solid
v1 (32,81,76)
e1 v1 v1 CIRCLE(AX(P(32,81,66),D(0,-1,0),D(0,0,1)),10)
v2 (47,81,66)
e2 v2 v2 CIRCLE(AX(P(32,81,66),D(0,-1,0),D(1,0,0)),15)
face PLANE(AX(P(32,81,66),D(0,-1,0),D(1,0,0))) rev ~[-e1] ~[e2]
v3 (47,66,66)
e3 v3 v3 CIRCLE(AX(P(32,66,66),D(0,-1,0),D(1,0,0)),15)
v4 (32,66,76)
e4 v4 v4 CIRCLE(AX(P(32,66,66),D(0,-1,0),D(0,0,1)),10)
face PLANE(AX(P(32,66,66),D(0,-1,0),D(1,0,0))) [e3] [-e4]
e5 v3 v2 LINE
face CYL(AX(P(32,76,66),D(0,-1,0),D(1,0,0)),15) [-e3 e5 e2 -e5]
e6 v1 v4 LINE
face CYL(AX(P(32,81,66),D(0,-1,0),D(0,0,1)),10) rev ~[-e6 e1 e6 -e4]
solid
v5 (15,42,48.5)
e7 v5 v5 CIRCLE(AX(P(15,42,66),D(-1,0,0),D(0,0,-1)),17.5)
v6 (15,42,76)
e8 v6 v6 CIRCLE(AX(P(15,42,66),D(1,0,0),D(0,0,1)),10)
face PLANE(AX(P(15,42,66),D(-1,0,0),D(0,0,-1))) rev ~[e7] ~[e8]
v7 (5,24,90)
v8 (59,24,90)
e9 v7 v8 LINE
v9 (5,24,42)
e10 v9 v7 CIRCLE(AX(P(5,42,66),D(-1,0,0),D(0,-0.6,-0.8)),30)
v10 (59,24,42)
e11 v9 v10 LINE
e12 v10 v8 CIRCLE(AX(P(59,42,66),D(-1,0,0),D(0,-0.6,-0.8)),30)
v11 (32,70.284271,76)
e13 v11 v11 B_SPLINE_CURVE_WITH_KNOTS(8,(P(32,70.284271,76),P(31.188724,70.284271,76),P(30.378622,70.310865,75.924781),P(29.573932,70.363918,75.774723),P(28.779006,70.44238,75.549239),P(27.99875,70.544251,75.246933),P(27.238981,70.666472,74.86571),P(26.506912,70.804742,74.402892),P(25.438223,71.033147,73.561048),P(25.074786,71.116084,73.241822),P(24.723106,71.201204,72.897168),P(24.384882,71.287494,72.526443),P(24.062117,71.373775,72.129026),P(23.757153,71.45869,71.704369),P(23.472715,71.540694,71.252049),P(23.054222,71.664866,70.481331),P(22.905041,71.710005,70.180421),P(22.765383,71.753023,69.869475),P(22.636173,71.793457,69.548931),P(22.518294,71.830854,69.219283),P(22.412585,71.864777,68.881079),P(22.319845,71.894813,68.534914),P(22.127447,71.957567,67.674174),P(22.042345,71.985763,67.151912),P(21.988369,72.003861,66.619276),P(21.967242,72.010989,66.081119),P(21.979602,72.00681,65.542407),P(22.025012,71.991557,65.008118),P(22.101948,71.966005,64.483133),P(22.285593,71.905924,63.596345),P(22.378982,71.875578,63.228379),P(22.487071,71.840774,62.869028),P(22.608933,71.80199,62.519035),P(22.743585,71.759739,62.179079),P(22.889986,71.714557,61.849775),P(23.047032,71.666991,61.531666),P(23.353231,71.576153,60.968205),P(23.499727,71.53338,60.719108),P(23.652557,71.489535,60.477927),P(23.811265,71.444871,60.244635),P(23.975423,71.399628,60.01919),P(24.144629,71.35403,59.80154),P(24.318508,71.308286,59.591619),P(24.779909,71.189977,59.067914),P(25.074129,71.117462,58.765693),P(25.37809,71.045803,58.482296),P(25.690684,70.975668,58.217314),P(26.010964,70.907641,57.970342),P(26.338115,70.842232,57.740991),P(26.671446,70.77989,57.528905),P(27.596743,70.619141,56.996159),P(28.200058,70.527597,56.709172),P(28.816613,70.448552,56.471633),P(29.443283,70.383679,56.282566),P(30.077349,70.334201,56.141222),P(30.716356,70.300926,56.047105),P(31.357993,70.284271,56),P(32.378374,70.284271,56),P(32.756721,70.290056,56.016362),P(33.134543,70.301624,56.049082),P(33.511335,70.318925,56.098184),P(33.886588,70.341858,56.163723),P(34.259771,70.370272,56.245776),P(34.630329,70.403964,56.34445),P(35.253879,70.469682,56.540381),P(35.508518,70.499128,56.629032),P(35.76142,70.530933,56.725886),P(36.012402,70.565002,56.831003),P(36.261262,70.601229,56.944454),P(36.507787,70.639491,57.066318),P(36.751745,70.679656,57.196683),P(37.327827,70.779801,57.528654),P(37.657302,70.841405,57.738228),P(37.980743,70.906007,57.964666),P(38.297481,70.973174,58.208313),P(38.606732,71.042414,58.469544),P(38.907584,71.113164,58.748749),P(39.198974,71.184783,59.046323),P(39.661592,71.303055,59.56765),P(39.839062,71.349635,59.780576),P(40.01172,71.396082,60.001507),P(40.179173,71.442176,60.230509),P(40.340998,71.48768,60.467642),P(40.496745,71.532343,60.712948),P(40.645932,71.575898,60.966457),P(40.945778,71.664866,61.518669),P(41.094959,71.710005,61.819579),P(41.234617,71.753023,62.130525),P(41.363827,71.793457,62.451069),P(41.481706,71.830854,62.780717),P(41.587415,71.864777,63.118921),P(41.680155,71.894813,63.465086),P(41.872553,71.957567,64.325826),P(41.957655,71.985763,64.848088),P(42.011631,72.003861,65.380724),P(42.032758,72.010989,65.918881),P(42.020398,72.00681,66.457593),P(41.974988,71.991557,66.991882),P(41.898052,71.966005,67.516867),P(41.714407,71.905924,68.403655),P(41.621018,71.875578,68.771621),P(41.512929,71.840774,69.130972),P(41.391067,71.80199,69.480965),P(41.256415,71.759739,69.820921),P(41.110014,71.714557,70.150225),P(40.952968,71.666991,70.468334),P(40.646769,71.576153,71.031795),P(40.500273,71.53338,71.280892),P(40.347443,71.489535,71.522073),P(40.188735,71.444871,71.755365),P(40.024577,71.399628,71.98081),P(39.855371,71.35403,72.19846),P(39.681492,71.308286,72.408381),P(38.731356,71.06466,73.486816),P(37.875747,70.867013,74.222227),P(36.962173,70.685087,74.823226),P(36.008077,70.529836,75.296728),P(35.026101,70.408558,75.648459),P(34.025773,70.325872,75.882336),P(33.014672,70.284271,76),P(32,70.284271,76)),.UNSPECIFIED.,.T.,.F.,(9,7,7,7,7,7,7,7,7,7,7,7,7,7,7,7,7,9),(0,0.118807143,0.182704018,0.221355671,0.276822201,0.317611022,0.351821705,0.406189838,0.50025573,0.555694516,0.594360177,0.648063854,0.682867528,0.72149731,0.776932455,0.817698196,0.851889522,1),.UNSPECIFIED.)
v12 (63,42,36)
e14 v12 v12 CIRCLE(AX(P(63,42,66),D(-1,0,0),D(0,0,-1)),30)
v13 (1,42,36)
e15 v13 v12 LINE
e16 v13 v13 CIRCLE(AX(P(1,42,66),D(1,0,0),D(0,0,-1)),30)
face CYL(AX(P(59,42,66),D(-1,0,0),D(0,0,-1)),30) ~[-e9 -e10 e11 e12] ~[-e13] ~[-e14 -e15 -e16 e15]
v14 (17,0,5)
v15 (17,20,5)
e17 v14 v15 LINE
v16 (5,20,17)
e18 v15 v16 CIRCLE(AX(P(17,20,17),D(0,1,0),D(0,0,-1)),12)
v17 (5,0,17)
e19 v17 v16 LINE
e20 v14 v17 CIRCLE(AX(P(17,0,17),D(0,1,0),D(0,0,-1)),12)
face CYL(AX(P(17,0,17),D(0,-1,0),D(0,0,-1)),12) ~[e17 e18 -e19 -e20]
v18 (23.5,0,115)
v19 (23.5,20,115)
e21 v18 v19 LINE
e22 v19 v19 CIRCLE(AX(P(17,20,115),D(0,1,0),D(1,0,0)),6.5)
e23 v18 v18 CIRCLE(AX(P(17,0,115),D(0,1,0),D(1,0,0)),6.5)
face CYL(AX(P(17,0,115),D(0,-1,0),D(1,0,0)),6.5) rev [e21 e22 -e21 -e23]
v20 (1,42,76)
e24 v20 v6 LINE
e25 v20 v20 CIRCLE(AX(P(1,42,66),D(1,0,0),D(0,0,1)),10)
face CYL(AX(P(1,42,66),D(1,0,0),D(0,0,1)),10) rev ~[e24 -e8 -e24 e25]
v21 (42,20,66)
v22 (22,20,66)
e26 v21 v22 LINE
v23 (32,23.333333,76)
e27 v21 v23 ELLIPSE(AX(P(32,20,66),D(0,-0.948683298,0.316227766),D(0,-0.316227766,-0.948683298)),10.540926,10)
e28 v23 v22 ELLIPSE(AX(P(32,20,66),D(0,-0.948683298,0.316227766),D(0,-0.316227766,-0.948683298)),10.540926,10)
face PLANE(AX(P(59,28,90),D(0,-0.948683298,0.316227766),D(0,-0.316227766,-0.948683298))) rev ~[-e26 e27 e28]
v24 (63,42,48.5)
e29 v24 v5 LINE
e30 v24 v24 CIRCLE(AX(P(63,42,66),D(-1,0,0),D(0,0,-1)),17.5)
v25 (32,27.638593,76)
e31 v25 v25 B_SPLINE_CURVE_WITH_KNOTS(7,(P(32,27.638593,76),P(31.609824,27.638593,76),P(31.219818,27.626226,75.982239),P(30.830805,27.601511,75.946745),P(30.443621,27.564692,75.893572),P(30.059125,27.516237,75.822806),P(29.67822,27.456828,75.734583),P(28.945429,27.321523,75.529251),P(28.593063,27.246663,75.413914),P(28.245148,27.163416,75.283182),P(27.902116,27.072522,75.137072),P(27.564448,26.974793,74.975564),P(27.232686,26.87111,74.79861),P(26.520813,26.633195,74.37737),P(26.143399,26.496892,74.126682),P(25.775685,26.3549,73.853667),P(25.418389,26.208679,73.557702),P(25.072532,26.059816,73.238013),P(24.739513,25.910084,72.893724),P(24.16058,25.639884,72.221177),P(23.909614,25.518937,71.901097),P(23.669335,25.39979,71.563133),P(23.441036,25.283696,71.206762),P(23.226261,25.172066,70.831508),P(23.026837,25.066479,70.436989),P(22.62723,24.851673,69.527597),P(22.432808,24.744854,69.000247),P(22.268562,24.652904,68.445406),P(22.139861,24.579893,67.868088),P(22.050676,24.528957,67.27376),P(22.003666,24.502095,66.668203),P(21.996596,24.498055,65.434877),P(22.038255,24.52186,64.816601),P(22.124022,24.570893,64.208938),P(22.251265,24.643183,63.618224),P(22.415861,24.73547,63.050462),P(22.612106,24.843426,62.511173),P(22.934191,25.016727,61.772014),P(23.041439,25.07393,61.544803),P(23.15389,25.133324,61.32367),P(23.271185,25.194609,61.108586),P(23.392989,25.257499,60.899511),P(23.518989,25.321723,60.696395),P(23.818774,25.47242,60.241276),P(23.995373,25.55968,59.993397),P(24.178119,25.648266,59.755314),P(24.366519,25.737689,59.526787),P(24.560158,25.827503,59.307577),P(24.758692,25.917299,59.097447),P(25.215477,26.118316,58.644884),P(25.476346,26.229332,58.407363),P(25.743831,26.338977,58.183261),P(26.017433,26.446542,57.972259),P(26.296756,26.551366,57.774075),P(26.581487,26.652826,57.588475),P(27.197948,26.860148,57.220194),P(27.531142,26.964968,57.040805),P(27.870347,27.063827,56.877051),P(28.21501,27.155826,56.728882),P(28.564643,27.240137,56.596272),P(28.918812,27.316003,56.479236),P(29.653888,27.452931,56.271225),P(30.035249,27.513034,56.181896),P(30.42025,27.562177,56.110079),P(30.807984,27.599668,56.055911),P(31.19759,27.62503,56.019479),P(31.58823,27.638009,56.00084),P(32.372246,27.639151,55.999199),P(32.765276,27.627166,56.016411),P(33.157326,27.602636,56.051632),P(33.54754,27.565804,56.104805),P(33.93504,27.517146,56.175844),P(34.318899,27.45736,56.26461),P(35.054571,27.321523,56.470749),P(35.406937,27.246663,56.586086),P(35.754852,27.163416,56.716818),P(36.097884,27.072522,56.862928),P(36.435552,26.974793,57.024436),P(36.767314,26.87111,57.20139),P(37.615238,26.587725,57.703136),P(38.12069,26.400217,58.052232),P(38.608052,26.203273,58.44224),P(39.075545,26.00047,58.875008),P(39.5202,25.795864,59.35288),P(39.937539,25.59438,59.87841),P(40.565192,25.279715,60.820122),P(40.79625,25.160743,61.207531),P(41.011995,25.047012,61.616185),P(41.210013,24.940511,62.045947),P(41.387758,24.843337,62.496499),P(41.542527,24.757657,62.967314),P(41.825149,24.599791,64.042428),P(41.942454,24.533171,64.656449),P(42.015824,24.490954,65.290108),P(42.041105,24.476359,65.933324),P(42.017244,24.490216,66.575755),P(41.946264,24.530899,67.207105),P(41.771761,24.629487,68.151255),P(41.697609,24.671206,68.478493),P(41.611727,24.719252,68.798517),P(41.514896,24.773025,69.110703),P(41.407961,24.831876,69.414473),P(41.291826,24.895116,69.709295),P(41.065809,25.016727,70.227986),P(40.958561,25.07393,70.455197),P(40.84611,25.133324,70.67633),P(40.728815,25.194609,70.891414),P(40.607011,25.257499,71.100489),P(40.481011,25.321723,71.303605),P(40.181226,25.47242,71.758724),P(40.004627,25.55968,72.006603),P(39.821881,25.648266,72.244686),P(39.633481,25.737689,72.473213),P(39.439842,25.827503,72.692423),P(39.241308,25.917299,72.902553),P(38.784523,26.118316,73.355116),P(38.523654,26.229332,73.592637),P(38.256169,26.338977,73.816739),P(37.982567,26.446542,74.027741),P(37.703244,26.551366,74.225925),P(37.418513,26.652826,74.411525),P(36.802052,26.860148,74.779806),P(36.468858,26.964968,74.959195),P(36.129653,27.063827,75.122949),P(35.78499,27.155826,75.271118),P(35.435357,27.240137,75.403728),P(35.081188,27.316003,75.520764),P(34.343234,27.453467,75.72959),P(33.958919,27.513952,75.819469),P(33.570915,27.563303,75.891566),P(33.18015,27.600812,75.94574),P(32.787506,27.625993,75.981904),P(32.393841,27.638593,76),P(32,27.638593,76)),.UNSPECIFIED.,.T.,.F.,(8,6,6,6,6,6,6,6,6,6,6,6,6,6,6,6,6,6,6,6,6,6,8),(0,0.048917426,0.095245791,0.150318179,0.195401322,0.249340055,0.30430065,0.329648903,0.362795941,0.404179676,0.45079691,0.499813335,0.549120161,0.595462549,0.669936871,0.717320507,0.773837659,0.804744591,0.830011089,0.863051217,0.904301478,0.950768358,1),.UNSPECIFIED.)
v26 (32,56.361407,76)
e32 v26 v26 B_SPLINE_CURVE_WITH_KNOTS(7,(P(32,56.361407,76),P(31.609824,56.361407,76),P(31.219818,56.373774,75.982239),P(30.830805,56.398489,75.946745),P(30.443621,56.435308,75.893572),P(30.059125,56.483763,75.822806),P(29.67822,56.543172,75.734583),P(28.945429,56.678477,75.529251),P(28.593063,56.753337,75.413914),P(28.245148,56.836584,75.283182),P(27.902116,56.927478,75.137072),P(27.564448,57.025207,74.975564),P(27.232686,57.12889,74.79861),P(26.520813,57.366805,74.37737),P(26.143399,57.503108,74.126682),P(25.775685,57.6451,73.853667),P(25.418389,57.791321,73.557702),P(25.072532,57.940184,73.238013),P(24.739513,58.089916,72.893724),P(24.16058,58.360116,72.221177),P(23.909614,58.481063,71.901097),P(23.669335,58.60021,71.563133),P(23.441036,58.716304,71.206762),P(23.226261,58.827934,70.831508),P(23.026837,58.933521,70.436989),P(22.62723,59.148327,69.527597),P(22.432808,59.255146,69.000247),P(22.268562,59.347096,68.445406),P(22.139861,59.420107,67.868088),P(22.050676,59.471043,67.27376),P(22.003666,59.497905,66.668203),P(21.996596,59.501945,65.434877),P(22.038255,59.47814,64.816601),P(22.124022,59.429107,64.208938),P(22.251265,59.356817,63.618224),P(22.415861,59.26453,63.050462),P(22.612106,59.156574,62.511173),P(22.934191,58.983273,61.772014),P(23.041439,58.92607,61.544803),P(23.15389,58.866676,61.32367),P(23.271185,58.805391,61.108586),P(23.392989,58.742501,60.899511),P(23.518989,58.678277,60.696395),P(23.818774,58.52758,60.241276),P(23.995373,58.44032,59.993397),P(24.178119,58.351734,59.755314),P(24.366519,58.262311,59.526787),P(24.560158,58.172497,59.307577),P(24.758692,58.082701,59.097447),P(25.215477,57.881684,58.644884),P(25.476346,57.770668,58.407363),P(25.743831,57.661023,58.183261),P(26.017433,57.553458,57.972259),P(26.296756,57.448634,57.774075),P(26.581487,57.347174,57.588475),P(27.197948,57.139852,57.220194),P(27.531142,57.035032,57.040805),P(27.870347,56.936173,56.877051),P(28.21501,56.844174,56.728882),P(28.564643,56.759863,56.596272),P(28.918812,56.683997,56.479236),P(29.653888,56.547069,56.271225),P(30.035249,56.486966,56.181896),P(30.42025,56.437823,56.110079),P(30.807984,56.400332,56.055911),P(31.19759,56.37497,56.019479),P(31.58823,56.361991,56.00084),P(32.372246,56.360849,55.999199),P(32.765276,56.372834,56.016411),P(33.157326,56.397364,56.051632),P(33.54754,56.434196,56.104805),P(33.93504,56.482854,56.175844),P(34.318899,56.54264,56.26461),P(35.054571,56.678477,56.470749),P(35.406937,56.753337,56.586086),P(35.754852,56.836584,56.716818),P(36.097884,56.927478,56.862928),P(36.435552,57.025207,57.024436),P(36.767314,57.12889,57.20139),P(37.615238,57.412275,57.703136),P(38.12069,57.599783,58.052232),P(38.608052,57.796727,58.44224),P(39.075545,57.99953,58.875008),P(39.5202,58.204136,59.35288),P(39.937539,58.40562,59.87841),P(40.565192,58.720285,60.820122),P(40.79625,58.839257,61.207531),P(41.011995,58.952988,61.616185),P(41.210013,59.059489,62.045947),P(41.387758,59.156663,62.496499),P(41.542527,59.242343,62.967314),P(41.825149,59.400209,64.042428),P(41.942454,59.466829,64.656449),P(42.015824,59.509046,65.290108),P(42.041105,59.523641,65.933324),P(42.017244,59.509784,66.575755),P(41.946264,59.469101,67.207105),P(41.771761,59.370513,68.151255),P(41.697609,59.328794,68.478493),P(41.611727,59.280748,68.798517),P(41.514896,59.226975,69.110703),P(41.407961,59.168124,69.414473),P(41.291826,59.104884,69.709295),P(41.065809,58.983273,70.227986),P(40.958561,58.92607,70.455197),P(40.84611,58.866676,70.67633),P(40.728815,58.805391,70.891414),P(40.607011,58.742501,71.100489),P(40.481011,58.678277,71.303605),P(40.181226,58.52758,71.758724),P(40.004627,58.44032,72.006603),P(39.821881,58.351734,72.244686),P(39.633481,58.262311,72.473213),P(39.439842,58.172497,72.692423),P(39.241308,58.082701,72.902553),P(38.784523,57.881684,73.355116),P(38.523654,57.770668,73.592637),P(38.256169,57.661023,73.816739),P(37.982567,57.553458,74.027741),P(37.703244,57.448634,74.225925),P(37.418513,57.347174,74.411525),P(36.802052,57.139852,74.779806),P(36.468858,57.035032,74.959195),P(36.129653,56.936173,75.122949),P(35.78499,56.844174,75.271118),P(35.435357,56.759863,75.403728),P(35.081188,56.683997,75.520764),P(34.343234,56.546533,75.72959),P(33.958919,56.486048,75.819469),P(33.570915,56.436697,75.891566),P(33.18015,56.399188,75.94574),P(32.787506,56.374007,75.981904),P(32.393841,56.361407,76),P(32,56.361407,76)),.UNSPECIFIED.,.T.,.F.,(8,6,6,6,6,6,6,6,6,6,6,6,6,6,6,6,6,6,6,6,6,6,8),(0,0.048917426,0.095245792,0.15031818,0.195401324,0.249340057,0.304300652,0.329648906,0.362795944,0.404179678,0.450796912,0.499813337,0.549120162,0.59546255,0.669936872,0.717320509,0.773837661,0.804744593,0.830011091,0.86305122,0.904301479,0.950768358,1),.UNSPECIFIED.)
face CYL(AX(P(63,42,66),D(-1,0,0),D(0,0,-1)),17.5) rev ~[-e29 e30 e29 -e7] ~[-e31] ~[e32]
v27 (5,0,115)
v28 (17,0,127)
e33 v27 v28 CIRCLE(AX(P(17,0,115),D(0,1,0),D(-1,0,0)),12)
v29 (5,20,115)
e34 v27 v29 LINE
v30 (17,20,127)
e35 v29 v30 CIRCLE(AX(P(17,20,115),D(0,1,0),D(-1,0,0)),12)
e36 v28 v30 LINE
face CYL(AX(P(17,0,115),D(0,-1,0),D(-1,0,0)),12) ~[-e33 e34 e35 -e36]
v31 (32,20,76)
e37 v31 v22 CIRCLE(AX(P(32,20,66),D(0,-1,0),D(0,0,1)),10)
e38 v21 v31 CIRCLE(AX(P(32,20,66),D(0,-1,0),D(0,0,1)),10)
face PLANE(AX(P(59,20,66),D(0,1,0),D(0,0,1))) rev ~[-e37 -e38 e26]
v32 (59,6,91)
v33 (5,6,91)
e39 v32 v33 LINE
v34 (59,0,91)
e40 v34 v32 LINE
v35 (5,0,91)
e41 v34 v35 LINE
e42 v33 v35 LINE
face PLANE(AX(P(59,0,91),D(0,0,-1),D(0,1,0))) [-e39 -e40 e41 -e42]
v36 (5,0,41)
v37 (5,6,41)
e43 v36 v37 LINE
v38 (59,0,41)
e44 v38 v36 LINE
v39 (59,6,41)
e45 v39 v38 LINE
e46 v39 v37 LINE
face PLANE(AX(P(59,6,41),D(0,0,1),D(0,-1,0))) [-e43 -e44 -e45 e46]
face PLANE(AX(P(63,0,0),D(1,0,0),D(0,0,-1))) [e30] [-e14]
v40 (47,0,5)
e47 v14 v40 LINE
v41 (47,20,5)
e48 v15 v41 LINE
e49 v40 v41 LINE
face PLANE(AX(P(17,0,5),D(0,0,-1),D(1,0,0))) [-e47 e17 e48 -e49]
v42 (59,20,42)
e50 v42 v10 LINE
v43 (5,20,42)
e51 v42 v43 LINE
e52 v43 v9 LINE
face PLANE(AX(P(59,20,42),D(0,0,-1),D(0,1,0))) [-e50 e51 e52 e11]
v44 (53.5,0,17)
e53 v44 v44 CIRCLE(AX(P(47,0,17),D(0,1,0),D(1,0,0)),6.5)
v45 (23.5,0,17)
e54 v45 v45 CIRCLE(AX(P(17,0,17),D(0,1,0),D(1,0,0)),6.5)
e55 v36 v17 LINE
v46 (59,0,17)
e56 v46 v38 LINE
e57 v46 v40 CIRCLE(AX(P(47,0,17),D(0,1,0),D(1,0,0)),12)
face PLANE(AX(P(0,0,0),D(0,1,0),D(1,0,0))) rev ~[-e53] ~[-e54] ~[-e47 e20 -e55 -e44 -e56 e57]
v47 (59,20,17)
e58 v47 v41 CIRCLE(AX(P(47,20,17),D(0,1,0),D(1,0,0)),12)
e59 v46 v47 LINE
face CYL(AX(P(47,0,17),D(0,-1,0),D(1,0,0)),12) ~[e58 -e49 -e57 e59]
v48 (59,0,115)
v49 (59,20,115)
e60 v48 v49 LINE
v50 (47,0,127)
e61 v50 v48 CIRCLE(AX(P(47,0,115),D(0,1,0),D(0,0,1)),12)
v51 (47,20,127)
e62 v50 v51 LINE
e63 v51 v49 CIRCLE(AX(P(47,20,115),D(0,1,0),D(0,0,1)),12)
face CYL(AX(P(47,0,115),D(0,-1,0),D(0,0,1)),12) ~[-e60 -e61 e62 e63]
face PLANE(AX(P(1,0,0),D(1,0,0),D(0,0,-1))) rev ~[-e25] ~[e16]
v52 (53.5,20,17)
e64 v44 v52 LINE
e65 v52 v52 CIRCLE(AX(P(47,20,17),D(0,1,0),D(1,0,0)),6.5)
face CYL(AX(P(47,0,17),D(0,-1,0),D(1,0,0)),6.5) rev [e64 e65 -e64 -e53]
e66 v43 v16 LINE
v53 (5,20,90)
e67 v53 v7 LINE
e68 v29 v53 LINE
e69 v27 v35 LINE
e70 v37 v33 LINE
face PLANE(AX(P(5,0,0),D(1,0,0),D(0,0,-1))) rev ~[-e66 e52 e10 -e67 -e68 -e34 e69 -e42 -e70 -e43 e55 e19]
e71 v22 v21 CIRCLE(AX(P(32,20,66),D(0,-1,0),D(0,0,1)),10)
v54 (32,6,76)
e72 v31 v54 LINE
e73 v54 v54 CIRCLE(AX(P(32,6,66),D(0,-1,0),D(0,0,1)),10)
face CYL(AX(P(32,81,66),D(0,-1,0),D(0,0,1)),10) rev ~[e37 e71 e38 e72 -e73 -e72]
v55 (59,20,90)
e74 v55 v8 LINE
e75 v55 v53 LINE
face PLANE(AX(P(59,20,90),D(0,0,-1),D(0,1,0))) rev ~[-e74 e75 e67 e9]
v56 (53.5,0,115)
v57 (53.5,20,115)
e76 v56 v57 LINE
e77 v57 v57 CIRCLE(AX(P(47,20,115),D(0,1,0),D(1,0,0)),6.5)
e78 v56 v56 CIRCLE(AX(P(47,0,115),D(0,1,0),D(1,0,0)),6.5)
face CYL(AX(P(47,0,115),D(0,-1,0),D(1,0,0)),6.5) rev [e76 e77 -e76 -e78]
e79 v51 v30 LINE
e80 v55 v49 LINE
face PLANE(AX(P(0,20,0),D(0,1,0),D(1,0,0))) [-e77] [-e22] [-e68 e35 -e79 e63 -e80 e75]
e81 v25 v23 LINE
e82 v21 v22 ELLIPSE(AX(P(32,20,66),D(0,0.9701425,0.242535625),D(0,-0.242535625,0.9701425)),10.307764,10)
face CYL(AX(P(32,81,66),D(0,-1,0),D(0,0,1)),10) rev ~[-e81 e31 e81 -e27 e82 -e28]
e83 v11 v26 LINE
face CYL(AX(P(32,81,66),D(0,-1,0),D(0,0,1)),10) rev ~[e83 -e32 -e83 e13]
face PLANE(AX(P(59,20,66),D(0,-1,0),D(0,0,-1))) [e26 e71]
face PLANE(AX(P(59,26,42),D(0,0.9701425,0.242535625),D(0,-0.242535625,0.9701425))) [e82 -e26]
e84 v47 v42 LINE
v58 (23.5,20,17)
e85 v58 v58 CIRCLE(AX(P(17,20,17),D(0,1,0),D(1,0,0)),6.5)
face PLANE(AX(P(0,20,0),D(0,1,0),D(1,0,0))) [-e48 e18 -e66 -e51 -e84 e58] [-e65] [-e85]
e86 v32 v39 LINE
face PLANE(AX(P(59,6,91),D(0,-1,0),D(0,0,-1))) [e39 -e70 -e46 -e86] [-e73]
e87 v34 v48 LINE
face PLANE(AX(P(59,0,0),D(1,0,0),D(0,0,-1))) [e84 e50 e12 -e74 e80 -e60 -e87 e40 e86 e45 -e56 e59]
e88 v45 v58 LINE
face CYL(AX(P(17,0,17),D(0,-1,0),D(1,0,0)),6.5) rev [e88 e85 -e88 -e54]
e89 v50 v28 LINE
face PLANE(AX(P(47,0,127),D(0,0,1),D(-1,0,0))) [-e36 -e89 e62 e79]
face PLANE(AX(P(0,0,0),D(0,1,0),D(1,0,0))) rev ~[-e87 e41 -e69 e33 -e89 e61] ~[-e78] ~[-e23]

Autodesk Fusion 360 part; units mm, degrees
sketch "Sketch1" plane through (0, 0, 0) normal (0, 1, 0) x (1, 0, 0)
  line L0 (17, -5) -> (47, -5)
  line L1 (59, -17) -> (59, -115)
  line L2 (47, -127) -> (17, -127)
  line L3 (5, -115) -> (5, -17)
  arc A0 (17, -5) -> (5, -17) centre (17, -17) ccw
  arc A1 (59, -17) -> (47, -5) centre (47, -17) ccw
  arc A2 (5, -115) -> (17, -127) centre (17, -115) ccw
  arc A3 (47, -127) -> (59, -115) centre (47, -115) ccw
  circle A4 centre (17, -115) radius 6.5
  circle A5 centre (17, -17) radius 6.5
  circle A6 centre (47, -17) radius 6.5
  circle A7 centre (47, -115) radius 6.5
  point P0 (5, -5)
  point P1 (59, -5)
  point P2 (5, -127)
  dimension "d1" = 54
  dimension "d2" = 122
  dimension "d3" = 12
  dimension "d4" = 12
  dimension "d5" = 12
  dimension "d6" = 12
  dimension "d7" = 13
  dimension "d8" = 13
  dimension "d9" = 13
  dimension "d10" = 13
extrude "Extrude1" add sketch "Sketch1" along normal blind 20 makes body 1
sketch "Sketch2" plane through (59, 0, 0) normal (1, 0, 0) x (0, 0, -1)
  line L0 (-115, 0) -> (-17, 0)
  line L1 (-17, 0) -> (-17, 20)
  line L2 (-17, 20) -> (-115, 20)
  line L3 (-115, 20) -> (-115, 0)
  line L4 (-127, 0) -> (-66, 0)
  line L5 (-66, 0) -> (-41, 0)
  line L6 (-41, 0) -> (-91, 0)
  line L7 (-91, 0) -> (-91, 6)
  line L8 (-91, 6) -> (-41, 6)
  line L9 (-41, 6) -> (-41, 0)
  dimension "d13" = 61
  dimension "d14" = 25
  dimension "d15" = 50
  dimension "d16" = 6
extrude "Extrude2" cut sketch "Sketch2" against normal blind 175 contours L0 L4 L5 L6 L7 L8 L9 bodies 1
sketch "Sketch3" plane through (0, 0, 0) normal (1, 0, 0) x (0, 0, -1)
sketch "Sketch4" plane through (59, 0, 0) normal (1, 0, 0) x (0, 0, -1)
  line L0 (-41, 6) -> (-41, 0)
  line L1 (-41, 0) -> (-17, 0)
  line L2 (-17, 0) -> (-17, 20)
  line L3 (-17, 20) -> (-115, 20)
  line L4 (-115, 20) -> (-115, 0)
  line L5 (-115, 0) -> (-91, 0)
  line L6 (-91, 0) -> (-91, 6)
  line L7 (-91, 6) -> (-41, 6)
  line L8 (-5, 20) -> (-66, 20)
  line L9 (-66, 20) -> (-66, 32)
  line L10 (-66, 32) -> (-66, 42)
  circle A0 centre (-66, 42) radius 30
  dimension "d19" = 12
  dimension "d20" = 10
  dimension "d21" = 60
extrude "Extrude3" add sketch "Sketch4" along normal blind 4 contours L3 L8 A0 | L3 L8 A0 bodies 1
extrude "Extrude4" cut sketch "Sketch4" against normal blind 55 contours L3 L8 A0 | L3 L8 A0 bodies 1
extrude "Extrude5" add 1 faces at (59, 29.7771, 73.5943) along direction (-1, 0, 0) blind 58 on bodies 1 bodies 1
hole "Hole1" at (63, 42, 66) direction (-1, 0, 0) diameter 35 depth 48 tip angle 180 bodies 1
ref_plane "WorkPlane1" through (32, 76, 66) normal (0, -1, 0) x (0, 0, 1)
sketch "Sketch5" plane through (32, 76, 66) normal (0, -1, 0) x (1, 0, 0)
  circle A0 centre (0, 0) radius 15
  dimension "d32" = 30
sketch "Sketch6" plane through (32, 76, 66) normal (0, -1, 0) x (1, 0, 0)
extrude "Extrude6" add sketch "Sketch5" against normal blind 5 separate body makes body 2
move_face "OffsetFaces1" offset 10 1 faces at (29.3337, 76, 72.5491) on bodies 2
hole "Hole2" at (32, 81, 66) direction (0, -1, 0) diameter 20 depth 100 tip angle 180 bodies 1 2
sketch "Sketch7" plane through (59, 0, 0) normal (1, 0, 0) x (0, 0, -1)
  arc A0 (-86.3961, 20) -> (-45.6039, 20) centre (-66, 42) ccw
  line L0 (-86.3961, 20) -> (-115, 20)
  line L1 (-115, 20) -> (-115, 0)
  line L2 (-115, 0) -> (-91, 0)
  line L3 (-91, 0) -> (-91, 6)
  line L4 (-91, 6) -> (-41, 6)
  line L5 (-41, 6) -> (-41, 0)
  line L6 (-41, 0) -> (-17, 0)
  line L7 (-17, 0) -> (-17, 20)
  line L8 (-17, 20) -> (-45.6039, 20)
  line L9 (-66, 42) -> (-66, 20)
  line L10 (-66, 20) -> (-90, 20)
  line L11 (-90, 20) -> (-90, 28)
  line L12 (-90, 28) -> (-66, 20)
  line L13 (-66, 20) -> (-42, 20)
  line L14 (-42, 20) -> (-42, 26)
  line L15 (-42, 26) -> (-66, 20)
  dimension "d39" = 24
  dimension "d40" = 24
extrude "Extrude8" add sketch "Sketch7" against normal blind 54 contours L8 L13 L14 L15 bodies 1
hole "Hole3" at (1, 42, 66) direction (1, 0, 0) diameter 20 depth 100 tip angle 180 bodies 1
extrude "Extrude7" add sketch "Sketch7" against normal blind 54 contours L0 L10 L11 L12 bodies 1
